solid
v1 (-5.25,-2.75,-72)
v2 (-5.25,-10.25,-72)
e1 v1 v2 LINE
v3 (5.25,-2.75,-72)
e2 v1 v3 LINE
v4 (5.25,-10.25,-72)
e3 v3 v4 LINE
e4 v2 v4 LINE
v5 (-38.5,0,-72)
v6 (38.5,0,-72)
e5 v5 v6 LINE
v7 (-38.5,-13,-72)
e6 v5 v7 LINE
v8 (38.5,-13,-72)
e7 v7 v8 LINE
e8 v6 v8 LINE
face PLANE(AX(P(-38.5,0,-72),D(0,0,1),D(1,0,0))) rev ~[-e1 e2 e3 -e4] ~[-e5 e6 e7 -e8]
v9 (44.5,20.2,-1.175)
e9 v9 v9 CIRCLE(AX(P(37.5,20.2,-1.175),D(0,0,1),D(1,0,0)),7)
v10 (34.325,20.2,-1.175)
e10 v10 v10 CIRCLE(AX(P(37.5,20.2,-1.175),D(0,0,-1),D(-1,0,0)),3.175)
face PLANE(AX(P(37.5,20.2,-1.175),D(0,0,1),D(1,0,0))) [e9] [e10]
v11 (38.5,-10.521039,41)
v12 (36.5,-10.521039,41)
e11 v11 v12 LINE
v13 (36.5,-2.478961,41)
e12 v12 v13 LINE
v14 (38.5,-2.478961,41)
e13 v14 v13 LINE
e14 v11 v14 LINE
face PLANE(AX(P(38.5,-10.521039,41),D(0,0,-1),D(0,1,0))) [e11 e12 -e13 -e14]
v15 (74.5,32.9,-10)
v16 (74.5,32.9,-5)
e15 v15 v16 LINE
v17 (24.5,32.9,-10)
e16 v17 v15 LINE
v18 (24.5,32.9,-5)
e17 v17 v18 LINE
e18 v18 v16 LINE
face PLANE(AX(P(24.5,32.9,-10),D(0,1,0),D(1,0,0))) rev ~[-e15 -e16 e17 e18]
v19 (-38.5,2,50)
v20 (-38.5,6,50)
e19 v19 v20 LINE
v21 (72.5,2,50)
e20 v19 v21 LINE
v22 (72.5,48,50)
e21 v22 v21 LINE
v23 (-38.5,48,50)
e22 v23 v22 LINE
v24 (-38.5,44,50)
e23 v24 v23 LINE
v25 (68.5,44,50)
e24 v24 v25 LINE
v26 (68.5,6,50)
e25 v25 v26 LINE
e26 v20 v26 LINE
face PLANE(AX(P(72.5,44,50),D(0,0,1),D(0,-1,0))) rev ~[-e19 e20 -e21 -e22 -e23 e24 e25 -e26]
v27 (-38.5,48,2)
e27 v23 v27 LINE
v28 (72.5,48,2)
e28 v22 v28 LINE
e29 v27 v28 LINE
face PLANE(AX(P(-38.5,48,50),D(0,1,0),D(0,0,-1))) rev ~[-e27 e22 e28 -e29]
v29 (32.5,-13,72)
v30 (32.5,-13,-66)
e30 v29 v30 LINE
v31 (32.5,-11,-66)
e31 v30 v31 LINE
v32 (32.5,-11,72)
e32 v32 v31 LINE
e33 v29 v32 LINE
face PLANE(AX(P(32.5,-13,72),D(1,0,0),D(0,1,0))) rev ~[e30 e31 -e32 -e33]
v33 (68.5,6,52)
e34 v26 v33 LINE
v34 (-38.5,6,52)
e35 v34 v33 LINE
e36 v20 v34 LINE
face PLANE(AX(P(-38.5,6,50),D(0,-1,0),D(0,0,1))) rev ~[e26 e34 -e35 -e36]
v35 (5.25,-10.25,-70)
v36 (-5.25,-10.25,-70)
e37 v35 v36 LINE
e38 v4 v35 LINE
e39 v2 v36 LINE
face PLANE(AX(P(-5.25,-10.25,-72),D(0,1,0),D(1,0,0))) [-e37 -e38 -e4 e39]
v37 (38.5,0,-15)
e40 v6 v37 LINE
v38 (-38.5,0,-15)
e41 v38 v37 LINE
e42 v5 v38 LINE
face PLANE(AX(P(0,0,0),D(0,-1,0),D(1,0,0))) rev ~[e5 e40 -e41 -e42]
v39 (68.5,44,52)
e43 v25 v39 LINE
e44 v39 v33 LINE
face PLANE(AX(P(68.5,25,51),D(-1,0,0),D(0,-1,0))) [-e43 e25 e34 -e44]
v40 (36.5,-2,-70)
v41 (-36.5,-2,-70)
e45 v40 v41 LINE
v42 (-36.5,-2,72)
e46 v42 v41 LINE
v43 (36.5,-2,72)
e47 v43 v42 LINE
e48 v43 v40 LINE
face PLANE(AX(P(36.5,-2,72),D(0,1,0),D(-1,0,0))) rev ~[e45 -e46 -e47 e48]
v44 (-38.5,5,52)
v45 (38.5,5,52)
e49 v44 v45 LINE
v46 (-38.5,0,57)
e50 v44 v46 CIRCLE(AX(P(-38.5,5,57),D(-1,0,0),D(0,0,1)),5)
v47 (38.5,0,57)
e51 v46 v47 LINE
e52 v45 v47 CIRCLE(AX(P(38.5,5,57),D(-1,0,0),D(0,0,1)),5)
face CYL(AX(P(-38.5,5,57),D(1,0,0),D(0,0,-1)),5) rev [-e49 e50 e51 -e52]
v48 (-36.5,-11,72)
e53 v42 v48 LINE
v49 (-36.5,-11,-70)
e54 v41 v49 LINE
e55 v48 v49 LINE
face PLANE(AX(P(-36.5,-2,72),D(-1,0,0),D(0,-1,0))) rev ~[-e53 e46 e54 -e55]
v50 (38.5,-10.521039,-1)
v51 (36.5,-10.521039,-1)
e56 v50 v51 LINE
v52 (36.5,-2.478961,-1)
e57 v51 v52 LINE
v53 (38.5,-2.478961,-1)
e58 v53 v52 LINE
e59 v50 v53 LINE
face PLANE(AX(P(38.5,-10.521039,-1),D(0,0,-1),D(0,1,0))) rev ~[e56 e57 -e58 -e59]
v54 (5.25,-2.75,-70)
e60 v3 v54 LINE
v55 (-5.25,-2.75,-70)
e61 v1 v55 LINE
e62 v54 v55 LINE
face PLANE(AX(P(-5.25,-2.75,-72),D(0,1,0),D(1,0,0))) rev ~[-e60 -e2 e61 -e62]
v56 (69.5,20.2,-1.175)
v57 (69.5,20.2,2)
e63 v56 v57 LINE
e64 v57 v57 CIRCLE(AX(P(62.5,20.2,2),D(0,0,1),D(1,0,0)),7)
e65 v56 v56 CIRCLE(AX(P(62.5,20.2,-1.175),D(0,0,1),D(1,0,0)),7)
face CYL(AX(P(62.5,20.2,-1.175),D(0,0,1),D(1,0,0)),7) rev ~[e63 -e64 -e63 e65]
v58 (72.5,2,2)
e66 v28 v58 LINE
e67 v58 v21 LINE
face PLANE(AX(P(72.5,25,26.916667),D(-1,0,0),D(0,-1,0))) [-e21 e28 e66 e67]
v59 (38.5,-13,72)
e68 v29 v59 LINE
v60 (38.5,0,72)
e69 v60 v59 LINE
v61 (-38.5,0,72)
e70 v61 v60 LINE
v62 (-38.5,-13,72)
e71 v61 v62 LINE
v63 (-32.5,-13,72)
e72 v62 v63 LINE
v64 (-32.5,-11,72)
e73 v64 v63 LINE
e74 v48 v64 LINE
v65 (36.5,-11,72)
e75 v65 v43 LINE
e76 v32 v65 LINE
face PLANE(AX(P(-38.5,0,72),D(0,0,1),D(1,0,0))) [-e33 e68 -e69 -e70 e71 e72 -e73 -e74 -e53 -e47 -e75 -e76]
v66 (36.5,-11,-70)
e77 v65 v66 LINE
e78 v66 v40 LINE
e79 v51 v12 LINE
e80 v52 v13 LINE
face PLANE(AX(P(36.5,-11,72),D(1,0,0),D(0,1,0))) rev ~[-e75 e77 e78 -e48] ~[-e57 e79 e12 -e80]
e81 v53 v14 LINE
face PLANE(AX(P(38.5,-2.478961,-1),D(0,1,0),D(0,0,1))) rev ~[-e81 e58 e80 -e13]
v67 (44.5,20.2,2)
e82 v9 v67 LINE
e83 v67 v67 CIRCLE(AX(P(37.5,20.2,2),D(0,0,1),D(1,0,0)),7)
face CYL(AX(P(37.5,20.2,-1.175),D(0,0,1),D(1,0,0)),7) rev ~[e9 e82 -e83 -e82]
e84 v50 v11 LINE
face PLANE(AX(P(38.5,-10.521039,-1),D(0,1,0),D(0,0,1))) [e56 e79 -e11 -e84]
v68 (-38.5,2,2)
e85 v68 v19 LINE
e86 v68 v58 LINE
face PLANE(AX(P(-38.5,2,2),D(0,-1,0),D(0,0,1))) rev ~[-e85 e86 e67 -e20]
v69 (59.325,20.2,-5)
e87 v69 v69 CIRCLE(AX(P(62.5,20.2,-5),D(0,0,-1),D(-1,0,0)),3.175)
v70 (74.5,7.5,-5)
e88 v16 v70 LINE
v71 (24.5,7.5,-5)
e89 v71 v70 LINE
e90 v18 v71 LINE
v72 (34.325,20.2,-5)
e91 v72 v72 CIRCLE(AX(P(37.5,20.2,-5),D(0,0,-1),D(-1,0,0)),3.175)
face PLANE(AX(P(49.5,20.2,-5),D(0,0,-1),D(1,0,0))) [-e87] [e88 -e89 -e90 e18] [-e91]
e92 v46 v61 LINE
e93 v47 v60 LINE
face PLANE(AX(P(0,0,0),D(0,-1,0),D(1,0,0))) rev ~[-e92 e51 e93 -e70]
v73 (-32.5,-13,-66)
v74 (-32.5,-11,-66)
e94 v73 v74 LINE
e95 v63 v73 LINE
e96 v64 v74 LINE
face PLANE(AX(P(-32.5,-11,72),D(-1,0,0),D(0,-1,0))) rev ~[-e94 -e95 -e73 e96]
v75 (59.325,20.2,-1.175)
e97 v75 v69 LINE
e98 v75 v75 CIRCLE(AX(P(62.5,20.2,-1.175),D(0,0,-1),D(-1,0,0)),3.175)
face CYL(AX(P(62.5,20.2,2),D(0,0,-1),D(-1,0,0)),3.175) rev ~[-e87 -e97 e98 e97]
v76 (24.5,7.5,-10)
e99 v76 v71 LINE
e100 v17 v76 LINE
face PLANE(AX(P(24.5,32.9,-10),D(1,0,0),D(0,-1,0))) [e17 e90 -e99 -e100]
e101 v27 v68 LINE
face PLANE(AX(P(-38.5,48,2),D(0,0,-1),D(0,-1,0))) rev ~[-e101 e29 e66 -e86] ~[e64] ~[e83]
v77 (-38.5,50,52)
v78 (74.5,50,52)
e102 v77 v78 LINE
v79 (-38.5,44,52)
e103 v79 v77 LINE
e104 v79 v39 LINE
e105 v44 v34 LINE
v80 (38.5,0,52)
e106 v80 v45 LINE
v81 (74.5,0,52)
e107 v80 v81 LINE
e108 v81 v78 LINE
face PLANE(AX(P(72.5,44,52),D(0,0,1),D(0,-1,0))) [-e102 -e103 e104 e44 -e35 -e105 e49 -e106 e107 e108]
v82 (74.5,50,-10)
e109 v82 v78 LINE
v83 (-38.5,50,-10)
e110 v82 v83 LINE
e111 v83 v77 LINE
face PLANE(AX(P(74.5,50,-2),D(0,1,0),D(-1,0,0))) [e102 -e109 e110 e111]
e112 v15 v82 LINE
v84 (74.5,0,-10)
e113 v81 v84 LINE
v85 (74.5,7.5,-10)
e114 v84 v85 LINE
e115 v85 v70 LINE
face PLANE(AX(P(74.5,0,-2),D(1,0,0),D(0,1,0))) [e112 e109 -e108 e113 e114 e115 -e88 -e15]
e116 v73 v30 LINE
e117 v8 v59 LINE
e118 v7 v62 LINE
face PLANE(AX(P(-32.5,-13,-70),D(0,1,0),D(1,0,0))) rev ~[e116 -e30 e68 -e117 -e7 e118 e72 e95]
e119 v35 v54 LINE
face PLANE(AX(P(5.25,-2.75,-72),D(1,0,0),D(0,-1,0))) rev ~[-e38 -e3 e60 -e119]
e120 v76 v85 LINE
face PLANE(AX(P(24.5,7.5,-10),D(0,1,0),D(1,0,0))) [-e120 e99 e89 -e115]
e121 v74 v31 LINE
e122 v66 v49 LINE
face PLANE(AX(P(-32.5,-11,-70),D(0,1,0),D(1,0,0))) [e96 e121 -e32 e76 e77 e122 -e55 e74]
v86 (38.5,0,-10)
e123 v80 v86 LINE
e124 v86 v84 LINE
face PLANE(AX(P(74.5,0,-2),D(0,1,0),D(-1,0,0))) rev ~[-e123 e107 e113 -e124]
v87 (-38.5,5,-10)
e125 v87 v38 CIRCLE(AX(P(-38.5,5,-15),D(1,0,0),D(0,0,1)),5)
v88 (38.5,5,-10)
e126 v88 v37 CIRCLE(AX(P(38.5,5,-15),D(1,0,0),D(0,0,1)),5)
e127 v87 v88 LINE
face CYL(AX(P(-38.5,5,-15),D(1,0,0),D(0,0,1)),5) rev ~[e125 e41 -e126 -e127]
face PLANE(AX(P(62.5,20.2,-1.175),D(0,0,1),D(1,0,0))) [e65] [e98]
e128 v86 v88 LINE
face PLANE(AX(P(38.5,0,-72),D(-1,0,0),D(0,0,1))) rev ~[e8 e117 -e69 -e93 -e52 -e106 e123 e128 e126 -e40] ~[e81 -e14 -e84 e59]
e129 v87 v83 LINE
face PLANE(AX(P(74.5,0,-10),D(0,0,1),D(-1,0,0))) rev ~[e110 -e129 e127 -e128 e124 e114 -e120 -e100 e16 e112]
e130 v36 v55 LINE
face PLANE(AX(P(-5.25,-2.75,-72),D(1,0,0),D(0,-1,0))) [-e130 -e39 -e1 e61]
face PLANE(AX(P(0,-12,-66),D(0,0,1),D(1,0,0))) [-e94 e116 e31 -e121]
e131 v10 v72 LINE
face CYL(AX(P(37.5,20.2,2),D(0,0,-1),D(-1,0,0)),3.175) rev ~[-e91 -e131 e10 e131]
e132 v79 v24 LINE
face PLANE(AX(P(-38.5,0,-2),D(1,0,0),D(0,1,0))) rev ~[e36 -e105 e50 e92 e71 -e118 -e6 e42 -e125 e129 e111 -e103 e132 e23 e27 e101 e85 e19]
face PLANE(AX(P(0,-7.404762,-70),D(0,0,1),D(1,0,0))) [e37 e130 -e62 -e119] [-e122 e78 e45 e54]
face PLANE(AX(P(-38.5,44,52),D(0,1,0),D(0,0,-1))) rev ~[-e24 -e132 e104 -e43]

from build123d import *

# Parameters (mm, degrees)
F0_W            = 77
F0_H            = 144
F1_DEPTH        = 13
F3_DEPTH        = 142
F4_W            = 65
F4_H            = 2
F5_DEPTH        = 4
F6_W            = 10.5
F6_H            = 7.5
F7_DEPTH        = 25
F8_W            = 8.0420786627
F8_H            = 42
F9_DEPTH        = 25
F10_W           = 77
F10_H           = 54
F10_W_2         = 36
F11_DEPTH       = 50
F13_DEPTH       = 111
F14_W           = 38
F14_H           = 2
F15_DEPTH       = 4
F16_DEPTH       = 8
F17_W           = 50
F17_H           = 25.4
F18_DEPTH       = 5
F20_D           = 6.35
F20_DEPTH       = 8
F20_CBORE_D     = 14
F20_CBORE_DEPTH = 3.175
F20_TIP         = 1.9077324654
F21_R           = 5


with BuildPart() as f1:
    # F0 (on Front) → F1 (new body)
    with BuildSketch(Plane.XZ):
        Rectangle(F0_W, F0_H)
    extrude(amount=F1_DEPTH)

    # F2 (on face) → F3 (cut)
    with BuildSketch(Plane.XY.offset(72)):
        Polygon((-32.5, -11), (-32.5, -13), (32.5, -13), (32.5, -11), (36.5, -11), (36.5, -2), (-36.5, -2), (-36.5, -11), align=None)
    extrude(amount=-F3_DEPTH, mode=Mode.SUBTRACT)

    # F4 (on face) → F5 (join)
    with BuildSketch(Plane.XY.offset(-70)):
        with Locations((0, -12)):
            Rectangle(F4_W, F4_H)
    extrude(amount=F5_DEPTH)

    # F6 (on face) → F7 (cut)
    with BuildSketch(Plane(origin=(0, 0, -72), x_dir=(1, 0, 0), z_dir=(0, 0, -1))):
        with Locations((0, 6.5)):
            Rectangle(F6_W, F6_H)
    extrude(amount=-F7_DEPTH, mode=Mode.SUBTRACT)

    # F8 (on face) → F9 (cut)
    with BuildSketch(Plane.YZ.offset(38.5)):
        with Locations((-6.5, 20)):
            Rectangle(F8_W, F8_H)
    extrude(amount=-F9_DEPTH, mode=Mode.SUBTRACT)

    # F10 (on face) → F11 (join)
    with BuildSketch(Plane(origin=(0, 0, 0), x_dir=(-1, 0, 0), z_dir=(0, 1, 0))):
        with Locations((0, 25)):
            Rectangle(F10_W, F10_H)
        with Locations((-56.5, 25)):
            Rectangle(F10_W_2, F10_H)
    extrude(amount=F11_DEPTH)

    # F12 (on face) → F13 (cut)
    with BuildSketch(Plane(origin=(-38.5, 0, 0), x_dir=(0, -1, 0), z_dir=(-1, 0, 0))):
        Polygon((-6, 50), (-6, 52), (-44, 52), (-44, 50), (-48, 50), (-48, 2), (-2, 2), (-2, 50), align=None)
    extrude(amount=-F13_DEPTH, mode=Mode.SUBTRACT)

    # F14 (on face) → F15 (join)
    with BuildSketch(Plane(origin=(72.5, 0, 0), x_dir=(0, -1, 0), z_dir=(-1, 0, 0))):
        with Locations((-25, 51)):
            Rectangle(F14_W, F14_H)
    extrude(amount=F15_DEPTH)

    # F16 (add): a face of the model
    f16_faces = [f1.faces().sort_by_distance(p)[0] for p in [
        (18, 25, -2),
    ]]
    extrude(f16_faces, amount=F16_DEPTH)

    # F17 (on face) → F18 (cut)
    with BuildSketch(Plane(origin=(0, 0, -10), x_dir=(1, 0, 0), z_dir=(0, 0, -1))):
        with Locations((49.5, -20.2)):
            Rectangle(F17_W, F17_H)
    extrude(amount=-F18_DEPTH, mode=Mode.SUBTRACT)

    # F20
    with Locations(Plane.XY.offset(2)):
        with Locations((62.5, 20.2), (37.5, 20.2)):
            CounterBoreHole(F20_D / 2, F20_CBORE_D / 2, F20_CBORE_DEPTH, depth=F20_DEPTH)
            with Locations((0, 0, -(F20_DEPTH + F20_TIP / 2))):  # 118° drill point
                Cone(0, F20_D / 2, F20_TIP, mode=Mode.SUBTRACT)

    # F21
    f21_edges = [f1.edges().sort_by_distance(p)[0] for p in [
        (0, 0, -10),
        (0, 0, 52),
    ]]
    fillet(f21_edges, radius=F21_R)


solid = f1.part
